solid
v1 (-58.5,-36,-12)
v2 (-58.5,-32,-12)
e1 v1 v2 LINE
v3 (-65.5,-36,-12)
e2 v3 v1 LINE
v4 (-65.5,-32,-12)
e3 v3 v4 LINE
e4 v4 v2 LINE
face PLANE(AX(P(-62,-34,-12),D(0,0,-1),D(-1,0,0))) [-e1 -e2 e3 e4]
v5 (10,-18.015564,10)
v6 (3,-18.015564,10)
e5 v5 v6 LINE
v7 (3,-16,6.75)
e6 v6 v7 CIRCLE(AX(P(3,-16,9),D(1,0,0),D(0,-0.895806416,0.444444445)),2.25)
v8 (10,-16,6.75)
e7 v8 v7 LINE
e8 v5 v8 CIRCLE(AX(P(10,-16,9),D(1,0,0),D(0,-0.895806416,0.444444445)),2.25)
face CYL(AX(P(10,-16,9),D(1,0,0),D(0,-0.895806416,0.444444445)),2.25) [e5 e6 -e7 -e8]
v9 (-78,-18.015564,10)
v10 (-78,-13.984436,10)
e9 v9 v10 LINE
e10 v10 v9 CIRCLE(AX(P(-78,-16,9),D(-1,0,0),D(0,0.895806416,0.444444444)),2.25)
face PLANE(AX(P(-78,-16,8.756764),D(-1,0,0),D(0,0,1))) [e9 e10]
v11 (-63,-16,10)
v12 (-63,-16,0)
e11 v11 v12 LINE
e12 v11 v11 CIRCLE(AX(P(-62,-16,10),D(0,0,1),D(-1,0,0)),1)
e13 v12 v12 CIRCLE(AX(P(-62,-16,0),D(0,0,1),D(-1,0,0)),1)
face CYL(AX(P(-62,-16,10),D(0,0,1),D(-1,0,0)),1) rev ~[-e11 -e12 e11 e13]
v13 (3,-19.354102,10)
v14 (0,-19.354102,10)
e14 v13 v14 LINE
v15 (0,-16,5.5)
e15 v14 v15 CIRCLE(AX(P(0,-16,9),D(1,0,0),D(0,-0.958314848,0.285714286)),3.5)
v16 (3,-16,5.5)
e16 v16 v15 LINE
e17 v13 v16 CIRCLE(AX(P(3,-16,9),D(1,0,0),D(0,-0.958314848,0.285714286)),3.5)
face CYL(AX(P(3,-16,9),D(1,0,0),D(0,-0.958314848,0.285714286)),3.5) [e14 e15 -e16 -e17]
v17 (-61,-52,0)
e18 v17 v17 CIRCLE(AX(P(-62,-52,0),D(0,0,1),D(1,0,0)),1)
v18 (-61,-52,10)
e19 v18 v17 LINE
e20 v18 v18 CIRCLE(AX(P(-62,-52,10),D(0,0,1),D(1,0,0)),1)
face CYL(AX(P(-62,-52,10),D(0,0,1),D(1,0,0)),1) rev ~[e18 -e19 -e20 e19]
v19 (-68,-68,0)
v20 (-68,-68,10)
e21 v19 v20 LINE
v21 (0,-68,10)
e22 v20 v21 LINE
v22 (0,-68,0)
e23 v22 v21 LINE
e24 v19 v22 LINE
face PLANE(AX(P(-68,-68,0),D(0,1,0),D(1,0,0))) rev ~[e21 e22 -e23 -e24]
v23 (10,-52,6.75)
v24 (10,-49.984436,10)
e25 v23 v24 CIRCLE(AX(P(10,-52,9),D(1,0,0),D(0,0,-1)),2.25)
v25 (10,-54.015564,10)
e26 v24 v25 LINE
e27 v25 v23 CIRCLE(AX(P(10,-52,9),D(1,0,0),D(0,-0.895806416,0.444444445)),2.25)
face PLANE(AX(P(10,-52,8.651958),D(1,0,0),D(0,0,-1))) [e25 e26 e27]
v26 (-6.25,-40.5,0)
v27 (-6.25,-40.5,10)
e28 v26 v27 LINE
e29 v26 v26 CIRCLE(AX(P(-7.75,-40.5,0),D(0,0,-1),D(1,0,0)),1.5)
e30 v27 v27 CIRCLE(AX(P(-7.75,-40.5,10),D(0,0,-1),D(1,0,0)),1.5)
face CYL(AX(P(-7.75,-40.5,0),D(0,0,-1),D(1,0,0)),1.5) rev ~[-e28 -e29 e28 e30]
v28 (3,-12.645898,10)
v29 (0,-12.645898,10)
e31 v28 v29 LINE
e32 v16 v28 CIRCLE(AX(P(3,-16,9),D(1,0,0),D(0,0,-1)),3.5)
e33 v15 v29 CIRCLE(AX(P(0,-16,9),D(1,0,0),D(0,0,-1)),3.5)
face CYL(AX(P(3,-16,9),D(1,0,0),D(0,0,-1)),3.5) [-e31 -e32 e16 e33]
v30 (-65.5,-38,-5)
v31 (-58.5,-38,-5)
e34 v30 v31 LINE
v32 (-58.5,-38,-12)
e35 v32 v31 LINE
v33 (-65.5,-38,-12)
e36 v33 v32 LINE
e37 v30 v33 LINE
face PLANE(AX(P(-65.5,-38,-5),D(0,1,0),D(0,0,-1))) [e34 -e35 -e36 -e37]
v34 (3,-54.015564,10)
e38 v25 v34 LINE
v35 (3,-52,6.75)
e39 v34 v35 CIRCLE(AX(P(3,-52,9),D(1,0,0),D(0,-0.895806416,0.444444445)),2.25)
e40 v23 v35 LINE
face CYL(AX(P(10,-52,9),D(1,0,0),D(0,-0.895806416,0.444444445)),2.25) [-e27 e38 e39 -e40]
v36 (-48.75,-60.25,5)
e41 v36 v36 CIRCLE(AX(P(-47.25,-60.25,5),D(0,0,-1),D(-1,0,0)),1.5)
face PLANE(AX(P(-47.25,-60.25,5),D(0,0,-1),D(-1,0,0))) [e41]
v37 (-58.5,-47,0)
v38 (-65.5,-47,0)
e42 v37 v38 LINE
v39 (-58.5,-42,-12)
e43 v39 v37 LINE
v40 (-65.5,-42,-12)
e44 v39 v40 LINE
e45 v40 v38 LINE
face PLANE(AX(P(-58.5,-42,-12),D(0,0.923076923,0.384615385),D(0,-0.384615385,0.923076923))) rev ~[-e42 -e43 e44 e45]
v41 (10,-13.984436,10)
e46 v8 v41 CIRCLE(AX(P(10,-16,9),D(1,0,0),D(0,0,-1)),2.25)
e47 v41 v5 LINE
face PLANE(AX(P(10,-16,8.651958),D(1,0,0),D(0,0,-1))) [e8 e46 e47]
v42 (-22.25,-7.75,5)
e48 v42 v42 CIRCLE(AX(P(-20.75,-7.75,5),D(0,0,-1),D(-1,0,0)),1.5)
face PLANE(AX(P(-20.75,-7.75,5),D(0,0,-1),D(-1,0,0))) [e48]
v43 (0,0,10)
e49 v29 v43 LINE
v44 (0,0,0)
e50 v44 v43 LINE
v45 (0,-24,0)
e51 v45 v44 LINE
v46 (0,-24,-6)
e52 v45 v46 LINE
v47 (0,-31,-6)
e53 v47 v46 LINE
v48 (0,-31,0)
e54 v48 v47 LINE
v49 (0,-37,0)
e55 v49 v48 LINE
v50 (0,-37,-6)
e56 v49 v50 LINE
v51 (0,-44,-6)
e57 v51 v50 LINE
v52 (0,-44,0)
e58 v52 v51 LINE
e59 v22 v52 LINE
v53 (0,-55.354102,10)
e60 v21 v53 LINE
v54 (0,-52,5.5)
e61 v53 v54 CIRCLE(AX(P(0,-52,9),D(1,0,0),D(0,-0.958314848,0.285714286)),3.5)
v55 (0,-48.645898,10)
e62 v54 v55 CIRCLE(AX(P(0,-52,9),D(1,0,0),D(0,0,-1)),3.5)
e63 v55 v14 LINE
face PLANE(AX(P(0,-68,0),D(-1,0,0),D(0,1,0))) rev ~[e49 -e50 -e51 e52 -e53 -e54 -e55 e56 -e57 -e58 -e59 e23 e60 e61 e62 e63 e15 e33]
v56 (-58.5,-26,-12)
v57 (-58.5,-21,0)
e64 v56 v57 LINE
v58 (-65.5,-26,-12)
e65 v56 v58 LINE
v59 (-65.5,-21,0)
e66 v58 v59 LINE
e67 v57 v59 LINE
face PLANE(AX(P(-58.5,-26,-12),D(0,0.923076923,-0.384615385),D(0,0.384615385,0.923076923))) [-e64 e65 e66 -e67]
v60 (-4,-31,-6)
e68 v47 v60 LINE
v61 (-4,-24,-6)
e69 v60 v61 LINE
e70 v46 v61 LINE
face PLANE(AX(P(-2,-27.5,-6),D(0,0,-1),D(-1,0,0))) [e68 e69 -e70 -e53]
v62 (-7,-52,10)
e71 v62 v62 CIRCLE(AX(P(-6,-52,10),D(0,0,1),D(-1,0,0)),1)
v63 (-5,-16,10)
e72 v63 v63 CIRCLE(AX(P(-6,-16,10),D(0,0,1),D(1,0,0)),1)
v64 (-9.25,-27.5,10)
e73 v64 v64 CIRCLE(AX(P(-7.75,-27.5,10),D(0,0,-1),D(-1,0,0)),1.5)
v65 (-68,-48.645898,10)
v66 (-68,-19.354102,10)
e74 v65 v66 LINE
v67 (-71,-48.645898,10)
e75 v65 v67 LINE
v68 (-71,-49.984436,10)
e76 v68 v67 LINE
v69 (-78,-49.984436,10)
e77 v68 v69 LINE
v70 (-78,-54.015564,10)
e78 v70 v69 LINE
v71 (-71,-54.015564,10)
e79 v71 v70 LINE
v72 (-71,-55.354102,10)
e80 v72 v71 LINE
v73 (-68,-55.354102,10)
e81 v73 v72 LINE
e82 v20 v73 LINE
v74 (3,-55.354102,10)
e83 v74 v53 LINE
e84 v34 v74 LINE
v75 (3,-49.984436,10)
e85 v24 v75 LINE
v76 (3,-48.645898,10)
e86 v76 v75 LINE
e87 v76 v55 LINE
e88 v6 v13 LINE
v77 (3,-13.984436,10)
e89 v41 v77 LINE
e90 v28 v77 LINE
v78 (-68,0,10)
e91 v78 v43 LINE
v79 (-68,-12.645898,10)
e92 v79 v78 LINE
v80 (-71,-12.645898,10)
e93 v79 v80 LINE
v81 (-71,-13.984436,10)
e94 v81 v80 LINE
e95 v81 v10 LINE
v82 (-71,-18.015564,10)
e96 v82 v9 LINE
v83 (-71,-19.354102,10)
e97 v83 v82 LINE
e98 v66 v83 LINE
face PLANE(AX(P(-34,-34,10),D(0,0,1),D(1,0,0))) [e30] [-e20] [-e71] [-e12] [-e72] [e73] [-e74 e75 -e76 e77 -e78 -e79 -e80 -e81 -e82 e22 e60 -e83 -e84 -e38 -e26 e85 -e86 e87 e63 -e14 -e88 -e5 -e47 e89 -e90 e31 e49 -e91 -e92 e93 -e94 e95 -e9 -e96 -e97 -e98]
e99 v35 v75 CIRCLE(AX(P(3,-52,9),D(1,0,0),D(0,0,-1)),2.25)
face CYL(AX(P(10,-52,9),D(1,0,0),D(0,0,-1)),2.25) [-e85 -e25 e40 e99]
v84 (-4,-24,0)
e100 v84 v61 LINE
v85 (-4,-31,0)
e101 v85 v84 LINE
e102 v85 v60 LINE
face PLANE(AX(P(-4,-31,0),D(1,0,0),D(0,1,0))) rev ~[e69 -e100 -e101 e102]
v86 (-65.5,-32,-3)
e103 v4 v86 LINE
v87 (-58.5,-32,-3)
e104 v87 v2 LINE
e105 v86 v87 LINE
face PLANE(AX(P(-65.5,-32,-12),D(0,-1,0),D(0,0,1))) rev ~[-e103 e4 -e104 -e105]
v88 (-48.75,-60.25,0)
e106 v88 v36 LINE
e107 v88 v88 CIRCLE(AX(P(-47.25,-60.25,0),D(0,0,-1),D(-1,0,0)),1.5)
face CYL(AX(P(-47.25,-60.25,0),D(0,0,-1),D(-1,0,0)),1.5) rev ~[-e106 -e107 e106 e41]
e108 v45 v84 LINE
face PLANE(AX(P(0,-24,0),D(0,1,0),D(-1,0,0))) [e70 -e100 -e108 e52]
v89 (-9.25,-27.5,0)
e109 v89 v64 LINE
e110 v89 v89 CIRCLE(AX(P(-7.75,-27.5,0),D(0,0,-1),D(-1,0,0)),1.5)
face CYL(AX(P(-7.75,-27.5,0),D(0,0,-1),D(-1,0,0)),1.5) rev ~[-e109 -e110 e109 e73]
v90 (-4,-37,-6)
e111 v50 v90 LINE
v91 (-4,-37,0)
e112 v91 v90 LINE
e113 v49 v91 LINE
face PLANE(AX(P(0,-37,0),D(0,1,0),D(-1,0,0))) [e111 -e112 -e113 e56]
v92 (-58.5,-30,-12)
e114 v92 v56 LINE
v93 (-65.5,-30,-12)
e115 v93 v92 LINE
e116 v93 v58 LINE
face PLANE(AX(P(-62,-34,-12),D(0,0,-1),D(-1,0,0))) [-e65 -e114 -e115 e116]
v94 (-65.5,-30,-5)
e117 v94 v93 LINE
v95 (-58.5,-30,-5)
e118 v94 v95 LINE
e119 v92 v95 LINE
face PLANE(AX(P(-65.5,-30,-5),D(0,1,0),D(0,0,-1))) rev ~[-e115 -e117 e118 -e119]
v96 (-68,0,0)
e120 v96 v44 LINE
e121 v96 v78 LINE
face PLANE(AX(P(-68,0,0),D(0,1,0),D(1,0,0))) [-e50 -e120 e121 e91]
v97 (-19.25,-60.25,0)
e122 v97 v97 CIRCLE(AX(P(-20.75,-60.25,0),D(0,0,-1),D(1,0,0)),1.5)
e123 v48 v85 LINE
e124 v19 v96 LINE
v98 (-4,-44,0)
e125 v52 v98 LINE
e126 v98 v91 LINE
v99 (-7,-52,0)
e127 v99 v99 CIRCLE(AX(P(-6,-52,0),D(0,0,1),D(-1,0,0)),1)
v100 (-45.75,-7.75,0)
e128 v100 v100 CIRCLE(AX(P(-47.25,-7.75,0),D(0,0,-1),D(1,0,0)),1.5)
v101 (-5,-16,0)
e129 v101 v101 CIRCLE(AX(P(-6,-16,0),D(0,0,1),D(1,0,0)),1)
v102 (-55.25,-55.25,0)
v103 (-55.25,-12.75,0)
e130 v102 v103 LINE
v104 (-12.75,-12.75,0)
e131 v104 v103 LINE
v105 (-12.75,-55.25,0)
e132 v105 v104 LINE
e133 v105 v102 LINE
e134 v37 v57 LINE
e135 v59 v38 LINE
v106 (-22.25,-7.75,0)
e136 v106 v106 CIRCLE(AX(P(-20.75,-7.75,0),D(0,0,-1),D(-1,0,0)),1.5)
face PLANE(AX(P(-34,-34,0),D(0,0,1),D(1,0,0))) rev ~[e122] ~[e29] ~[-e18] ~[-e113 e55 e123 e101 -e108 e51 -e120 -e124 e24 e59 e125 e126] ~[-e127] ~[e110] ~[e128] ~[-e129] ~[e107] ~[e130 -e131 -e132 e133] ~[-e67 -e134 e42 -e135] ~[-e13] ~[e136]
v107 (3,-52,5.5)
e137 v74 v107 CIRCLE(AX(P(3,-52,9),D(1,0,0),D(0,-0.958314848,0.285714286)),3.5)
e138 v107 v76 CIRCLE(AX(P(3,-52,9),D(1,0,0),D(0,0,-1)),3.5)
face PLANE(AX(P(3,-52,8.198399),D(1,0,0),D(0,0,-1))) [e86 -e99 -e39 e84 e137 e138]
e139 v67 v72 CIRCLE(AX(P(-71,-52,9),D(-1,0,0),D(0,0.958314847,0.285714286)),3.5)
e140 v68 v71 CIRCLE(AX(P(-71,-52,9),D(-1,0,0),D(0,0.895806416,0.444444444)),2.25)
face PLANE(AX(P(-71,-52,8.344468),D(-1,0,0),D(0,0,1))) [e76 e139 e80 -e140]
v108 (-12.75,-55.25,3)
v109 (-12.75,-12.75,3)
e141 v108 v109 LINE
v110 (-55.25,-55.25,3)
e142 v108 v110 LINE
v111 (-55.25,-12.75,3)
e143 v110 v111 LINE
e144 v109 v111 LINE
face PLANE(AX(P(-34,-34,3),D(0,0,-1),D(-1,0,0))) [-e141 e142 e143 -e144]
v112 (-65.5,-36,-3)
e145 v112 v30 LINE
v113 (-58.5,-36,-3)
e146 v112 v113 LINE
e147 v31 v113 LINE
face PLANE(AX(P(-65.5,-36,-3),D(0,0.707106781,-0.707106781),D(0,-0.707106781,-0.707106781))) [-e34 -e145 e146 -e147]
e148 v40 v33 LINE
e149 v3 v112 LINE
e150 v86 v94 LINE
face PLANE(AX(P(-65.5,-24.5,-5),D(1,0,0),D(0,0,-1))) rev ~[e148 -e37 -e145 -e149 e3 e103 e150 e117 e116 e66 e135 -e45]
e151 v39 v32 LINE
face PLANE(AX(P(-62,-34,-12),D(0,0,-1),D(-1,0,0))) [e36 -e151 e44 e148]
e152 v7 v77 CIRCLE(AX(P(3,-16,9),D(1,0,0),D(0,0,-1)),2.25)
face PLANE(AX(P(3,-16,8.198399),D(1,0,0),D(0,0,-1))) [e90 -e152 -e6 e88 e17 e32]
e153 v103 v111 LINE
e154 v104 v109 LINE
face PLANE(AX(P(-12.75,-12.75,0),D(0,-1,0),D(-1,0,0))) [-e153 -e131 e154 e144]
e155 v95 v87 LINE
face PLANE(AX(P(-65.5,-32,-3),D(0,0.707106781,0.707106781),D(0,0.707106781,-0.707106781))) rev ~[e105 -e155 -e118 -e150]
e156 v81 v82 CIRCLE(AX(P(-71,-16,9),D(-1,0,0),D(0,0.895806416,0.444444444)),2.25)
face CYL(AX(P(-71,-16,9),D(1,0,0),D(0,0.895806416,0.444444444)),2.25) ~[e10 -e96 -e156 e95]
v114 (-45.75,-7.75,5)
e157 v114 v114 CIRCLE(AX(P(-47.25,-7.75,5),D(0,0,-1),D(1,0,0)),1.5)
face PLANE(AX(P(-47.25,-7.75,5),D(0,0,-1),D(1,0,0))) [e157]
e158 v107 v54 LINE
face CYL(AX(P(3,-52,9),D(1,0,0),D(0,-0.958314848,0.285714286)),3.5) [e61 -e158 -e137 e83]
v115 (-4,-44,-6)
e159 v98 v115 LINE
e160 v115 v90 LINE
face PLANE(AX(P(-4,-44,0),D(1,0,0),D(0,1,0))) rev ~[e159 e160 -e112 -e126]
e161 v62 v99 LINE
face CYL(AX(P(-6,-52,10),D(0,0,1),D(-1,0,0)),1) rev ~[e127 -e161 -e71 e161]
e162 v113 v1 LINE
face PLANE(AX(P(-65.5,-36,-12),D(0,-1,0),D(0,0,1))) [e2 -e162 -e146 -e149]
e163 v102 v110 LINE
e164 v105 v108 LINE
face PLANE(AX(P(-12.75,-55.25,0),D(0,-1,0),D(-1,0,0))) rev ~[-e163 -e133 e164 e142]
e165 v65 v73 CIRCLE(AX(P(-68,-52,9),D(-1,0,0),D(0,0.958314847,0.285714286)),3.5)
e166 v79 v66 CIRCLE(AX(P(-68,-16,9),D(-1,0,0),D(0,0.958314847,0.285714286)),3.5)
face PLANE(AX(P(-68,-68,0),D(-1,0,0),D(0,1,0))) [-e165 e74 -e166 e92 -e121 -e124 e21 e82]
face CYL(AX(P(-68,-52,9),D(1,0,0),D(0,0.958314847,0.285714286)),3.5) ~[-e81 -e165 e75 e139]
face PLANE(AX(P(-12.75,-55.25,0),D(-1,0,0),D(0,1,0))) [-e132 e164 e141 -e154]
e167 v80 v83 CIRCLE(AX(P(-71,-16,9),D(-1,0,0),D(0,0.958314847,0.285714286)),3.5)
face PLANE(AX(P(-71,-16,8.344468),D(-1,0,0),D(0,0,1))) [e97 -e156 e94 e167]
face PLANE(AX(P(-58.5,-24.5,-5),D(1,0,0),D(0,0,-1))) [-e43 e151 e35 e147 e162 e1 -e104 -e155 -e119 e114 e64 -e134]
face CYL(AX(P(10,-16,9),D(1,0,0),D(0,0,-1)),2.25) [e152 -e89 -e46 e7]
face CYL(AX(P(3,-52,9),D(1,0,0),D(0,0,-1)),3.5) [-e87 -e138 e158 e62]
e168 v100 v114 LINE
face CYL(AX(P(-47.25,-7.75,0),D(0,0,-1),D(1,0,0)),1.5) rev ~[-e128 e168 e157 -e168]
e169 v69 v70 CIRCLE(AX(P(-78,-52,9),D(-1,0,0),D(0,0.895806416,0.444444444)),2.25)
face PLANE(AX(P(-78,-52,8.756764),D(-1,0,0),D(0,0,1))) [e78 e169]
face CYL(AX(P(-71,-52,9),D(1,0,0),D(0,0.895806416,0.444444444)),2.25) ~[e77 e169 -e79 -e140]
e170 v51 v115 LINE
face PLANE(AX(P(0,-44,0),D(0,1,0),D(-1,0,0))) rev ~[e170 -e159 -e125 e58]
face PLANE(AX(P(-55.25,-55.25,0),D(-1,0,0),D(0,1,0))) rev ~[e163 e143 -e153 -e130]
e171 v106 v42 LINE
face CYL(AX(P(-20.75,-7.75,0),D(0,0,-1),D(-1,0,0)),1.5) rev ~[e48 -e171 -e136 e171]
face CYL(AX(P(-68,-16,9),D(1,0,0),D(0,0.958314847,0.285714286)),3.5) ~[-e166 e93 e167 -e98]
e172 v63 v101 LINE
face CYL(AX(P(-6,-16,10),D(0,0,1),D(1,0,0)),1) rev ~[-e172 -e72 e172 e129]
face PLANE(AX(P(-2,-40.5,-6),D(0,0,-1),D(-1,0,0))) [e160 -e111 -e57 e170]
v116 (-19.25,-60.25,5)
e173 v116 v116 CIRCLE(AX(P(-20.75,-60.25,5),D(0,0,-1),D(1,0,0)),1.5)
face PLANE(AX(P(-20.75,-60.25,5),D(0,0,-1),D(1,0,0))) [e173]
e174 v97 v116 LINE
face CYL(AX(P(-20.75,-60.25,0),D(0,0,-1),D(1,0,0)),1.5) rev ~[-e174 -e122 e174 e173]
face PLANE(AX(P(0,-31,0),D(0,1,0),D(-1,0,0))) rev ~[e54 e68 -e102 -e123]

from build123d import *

# Parameters (mm, degrees)
SKETCH1_W           = 68
SKETCH1_H           = 68
BOSS_EXTRUDE1_DEPTH = 10
BOSS_EXTRUDE2_DEPTH = 3
BOSS_EXTRUDE3_DEPTH = 7
BOSS_EXTRUDE4_START = 3
BOSS_EXTRUDE4_DEPTH = 3
BOSS_EXTRUDE5_START = 7
BOSS_EXTRUDE5_DEPTH = 7
SKETCH6_W           = 42.5
SKETCH6_H           = 42.5
CUT_EXTRUDE1_DEPTH  = 3
SKETCH8_R           = 1.5
CUT_EXTRUDE2_DEPTH  = 5
SKETCH9_W           = 4
SKETCH9_H           = 7
BOSS_EXTRUDE6_DEPTH = 6
SKETCH10_R          = 1.5
CUT_EXTRUDE3_DEPTH  = 10
SKETCH11_R          = 1
CUT_EXTRUDE4_DEPTH  = 20
SKETCH13_W          = 7
SKETCH13_H          = 16
BOSS_EXTRUDE7_DEPTH = 12
CUT_EXTRUDE5_DEPTH  = 10
BOSS_EXTRUDE8_START = -7
BOSS_EXTRUDE8_DEPTH = 7


with BuildPart() as part:
    # Sketch1 → Boss-Extrude1 (new body)
    with BuildSketch(Plane.XY):
        with Locations((-34, -34)):
            Rectangle(SKETCH1_W, SKETCH1_H)
    extrude(amount=BOSS_EXTRUDE1_DEPTH)

    # Sketch2 → Boss-Extrude2 (add)
    with BuildSketch(Plane.ZY.offset(68)):
        with BuildLine():
            Line((10, -19.354101966), (10, -12.645898034))
            ThreePointArc((10, -12.645898034), (5.5, -16), (10, -19.354101966))
        make_face()
        with BuildLine():
            Line((10, -55.354101966), (10, -48.645898034))
            ThreePointArc((10, -48.645898034), (5.5, -52), (10, -55.354101966))
        make_face()
    extrude(amount=BOSS_EXTRUDE2_DEPTH)

    # Sketch3 → Boss-Extrude3 (add)
    with BuildSketch(Plane.ZY.offset(71)):
        with BuildLine():
            ThreePointArc((10, -49.984435563), (6.75, -52), (10, -54.015564437))
            Line((10, -54.015564437), (10, -49.984435563))
        make_face()
        with BuildLine():
            ThreePointArc((10, -13.984435563), (6.75, -16), (10, -18.015564437))
            Line((10, -18.015564437), (10, -13.984435563))
        make_face()
    extrude(amount=BOSS_EXTRUDE3_DEPTH)

    # Sketch4 → Boss-Extrude4 (add)
    with BuildSketch(Plane(origin=(0, 0, 0), x_dir=(0, 0, -1), z_dir=(1, 0, 0)).offset(BOSS_EXTRUDE4_START)):
        with BuildLine():
            ThreePointArc((-5.5, -16), (-6.908349934, -13.19375696), (-10, -12.645898034))
            Line((-10, -12.645898034), (-10, -19.354101966))
            ThreePointArc((-10, -19.354101966), (-6.908349934, -18.80624304), (-5.5, -16))
        make_face()
        with BuildLine():
            ThreePointArc((-5.5, -52), (-6.908349934, -49.19375696), (-10, -48.645898034))
            Line((-10, -48.645898034), (-10, -55.354101966))
            ThreePointArc((-10, -55.354101966), (-6.908349934, -54.80624304), (-5.5, -52))
        make_face()
    extrude(amount=-BOSS_EXTRUDE4_DEPTH)

    # Sketch5 → Boss-Extrude5 (add)
    with BuildSketch(Plane(origin=(3, 0, 0), x_dir=(0, 0, -1), z_dir=(1, 0, 0)).offset(BOSS_EXTRUDE5_START)):
        with BuildLine():
            ThreePointArc((-6.75, -16), (-7.814145877, -14.087867682), (-10, -13.984435563))
            Line((-10, -13.984435563), (-10, -18.015564437))
            ThreePointArc((-10, -18.015564437), (-7.814145877, -17.912132318), (-6.75, -16))
        make_face()
        with BuildLine():
            ThreePointArc((-6.75, -52), (-7.814145877, -50.087867682), (-10, -49.984435563))
            Line((-10, -49.984435563), (-10, -54.015564437))
            ThreePointArc((-10, -54.015564437), (-7.814145877, -53.912132318), (-6.75, -52))
        make_face()
    extrude(amount=-BOSS_EXTRUDE5_DEPTH)

    # Sketch6 → Cut-Extrude1 (cut)
    with BuildSketch(Plane(origin=(0, 0, 0), x_dir=(-1, 0, 0), z_dir=(0, 0, -1))):
        with Locations((34, -34)):
            Rectangle(SKETCH6_W, SKETCH6_H)
    extrude(amount=-CUT_EXTRUDE1_DEPTH, mode=Mode.SUBTRACT)

    # Sketch8 → Cut-Extrude2 (cut)
    with BuildSketch(Plane(origin=(0, 0, 0), x_dir=(-1, 0, 0), z_dir=(0, 0, -1))):
        with Locations((20.75, -7.75)):
            Circle(SKETCH8_R)
        with Locations(Location((47.25, -7.75, 0), (0, 0, 180))):
            Circle(SKETCH8_R)
        with Locations((47.25, -60.25)):
            Circle(SKETCH8_R)
        with Locations(Location((20.75, -60.25, 0), (0, 0, 180))):
            Circle(SKETCH8_R)
    extrude(amount=-CUT_EXTRUDE2_DEPTH, mode=Mode.SUBTRACT)

    # Sketch9 → Boss-Extrude6 (add)
    with BuildSketch(Plane(origin=(0, 0, 0), x_dir=(-1, 0, 0), z_dir=(0, 0, -1))):
        with Locations((2, -27.5)):
            Rectangle(SKETCH9_W, SKETCH9_H)
        with Locations((2, -40.5)):
            Rectangle(SKETCH9_W, SKETCH9_H)
    extrude(amount=BOSS_EXTRUDE6_DEPTH)

    # Sketch10 → Cut-Extrude3 (cut)
    with BuildSketch(Plane(origin=(0, 0, 0), x_dir=(-1, 0, 0), z_dir=(0, 0, -1))):
        with Locations((7.75, -27.5)):
            Circle(SKETCH10_R)
        with Locations(Location((7.75, -40.5, 0), (0, 0, 180))):
            Circle(SKETCH10_R)
    extrude(amount=-CUT_EXTRUDE3_DEPTH, mode=Mode.SUBTRACT)

    # Sketch11 → Cut-Extrude4 (cut)
    with BuildSketch(Plane.XY.offset(10)):
        with Locations((-62, -52)):
            Circle(SKETCH11_R)
        with Locations(Location((-62, -16, 0), (0, 0, 180))):
            Circle(SKETCH11_R)
        with Locations(Location((-6, -52, 0), (0, 0, 180))):
            Circle(SKETCH11_R)
        with Locations((-6, -16)):
            Circle(SKETCH11_R)
    extrude(amount=-CUT_EXTRUDE4_DEPTH, mode=Mode.SUBTRACT)

    # Sketch13 → Boss-Extrude7 (add)
    with BuildSketch(Plane(origin=(0, 0, 0), x_dir=(-1, 0, 0), z_dir=(0, 0, -1))):
        with Locations((62, -34)):
            Rectangle(SKETCH13_W, SKETCH13_H)
    extrude(amount=BOSS_EXTRUDE7_DEPTH)

    # Sketch15 → Cut-Extrude5 (cut)
    with BuildSketch(Plane.ZY.offset(65.5)):
        Polygon((-12, -32), (-3, -32), (-5, -30), (-12, -30), align=None)
        Polygon((-12, -38), (-12, -36), (-3, -36), (-5, -38), align=None)
    extrude(amount=-CUT_EXTRUDE5_DEPTH, mode=Mode.SUBTRACT)

    # Sketch16 → Boss-Extrude8 (add)
    with BuildSketch(Plane.ZY.offset(65.5).offset(BOSS_EXTRUDE8_START)):
        Polygon((0, -26), (-12, -26), (0, -21), align=None)
        Polygon((-12, -42), (0, -47), (0, -42), align=None)
    extrude(amount=BOSS_EXTRUDE8_DEPTH)


solid = part.part
